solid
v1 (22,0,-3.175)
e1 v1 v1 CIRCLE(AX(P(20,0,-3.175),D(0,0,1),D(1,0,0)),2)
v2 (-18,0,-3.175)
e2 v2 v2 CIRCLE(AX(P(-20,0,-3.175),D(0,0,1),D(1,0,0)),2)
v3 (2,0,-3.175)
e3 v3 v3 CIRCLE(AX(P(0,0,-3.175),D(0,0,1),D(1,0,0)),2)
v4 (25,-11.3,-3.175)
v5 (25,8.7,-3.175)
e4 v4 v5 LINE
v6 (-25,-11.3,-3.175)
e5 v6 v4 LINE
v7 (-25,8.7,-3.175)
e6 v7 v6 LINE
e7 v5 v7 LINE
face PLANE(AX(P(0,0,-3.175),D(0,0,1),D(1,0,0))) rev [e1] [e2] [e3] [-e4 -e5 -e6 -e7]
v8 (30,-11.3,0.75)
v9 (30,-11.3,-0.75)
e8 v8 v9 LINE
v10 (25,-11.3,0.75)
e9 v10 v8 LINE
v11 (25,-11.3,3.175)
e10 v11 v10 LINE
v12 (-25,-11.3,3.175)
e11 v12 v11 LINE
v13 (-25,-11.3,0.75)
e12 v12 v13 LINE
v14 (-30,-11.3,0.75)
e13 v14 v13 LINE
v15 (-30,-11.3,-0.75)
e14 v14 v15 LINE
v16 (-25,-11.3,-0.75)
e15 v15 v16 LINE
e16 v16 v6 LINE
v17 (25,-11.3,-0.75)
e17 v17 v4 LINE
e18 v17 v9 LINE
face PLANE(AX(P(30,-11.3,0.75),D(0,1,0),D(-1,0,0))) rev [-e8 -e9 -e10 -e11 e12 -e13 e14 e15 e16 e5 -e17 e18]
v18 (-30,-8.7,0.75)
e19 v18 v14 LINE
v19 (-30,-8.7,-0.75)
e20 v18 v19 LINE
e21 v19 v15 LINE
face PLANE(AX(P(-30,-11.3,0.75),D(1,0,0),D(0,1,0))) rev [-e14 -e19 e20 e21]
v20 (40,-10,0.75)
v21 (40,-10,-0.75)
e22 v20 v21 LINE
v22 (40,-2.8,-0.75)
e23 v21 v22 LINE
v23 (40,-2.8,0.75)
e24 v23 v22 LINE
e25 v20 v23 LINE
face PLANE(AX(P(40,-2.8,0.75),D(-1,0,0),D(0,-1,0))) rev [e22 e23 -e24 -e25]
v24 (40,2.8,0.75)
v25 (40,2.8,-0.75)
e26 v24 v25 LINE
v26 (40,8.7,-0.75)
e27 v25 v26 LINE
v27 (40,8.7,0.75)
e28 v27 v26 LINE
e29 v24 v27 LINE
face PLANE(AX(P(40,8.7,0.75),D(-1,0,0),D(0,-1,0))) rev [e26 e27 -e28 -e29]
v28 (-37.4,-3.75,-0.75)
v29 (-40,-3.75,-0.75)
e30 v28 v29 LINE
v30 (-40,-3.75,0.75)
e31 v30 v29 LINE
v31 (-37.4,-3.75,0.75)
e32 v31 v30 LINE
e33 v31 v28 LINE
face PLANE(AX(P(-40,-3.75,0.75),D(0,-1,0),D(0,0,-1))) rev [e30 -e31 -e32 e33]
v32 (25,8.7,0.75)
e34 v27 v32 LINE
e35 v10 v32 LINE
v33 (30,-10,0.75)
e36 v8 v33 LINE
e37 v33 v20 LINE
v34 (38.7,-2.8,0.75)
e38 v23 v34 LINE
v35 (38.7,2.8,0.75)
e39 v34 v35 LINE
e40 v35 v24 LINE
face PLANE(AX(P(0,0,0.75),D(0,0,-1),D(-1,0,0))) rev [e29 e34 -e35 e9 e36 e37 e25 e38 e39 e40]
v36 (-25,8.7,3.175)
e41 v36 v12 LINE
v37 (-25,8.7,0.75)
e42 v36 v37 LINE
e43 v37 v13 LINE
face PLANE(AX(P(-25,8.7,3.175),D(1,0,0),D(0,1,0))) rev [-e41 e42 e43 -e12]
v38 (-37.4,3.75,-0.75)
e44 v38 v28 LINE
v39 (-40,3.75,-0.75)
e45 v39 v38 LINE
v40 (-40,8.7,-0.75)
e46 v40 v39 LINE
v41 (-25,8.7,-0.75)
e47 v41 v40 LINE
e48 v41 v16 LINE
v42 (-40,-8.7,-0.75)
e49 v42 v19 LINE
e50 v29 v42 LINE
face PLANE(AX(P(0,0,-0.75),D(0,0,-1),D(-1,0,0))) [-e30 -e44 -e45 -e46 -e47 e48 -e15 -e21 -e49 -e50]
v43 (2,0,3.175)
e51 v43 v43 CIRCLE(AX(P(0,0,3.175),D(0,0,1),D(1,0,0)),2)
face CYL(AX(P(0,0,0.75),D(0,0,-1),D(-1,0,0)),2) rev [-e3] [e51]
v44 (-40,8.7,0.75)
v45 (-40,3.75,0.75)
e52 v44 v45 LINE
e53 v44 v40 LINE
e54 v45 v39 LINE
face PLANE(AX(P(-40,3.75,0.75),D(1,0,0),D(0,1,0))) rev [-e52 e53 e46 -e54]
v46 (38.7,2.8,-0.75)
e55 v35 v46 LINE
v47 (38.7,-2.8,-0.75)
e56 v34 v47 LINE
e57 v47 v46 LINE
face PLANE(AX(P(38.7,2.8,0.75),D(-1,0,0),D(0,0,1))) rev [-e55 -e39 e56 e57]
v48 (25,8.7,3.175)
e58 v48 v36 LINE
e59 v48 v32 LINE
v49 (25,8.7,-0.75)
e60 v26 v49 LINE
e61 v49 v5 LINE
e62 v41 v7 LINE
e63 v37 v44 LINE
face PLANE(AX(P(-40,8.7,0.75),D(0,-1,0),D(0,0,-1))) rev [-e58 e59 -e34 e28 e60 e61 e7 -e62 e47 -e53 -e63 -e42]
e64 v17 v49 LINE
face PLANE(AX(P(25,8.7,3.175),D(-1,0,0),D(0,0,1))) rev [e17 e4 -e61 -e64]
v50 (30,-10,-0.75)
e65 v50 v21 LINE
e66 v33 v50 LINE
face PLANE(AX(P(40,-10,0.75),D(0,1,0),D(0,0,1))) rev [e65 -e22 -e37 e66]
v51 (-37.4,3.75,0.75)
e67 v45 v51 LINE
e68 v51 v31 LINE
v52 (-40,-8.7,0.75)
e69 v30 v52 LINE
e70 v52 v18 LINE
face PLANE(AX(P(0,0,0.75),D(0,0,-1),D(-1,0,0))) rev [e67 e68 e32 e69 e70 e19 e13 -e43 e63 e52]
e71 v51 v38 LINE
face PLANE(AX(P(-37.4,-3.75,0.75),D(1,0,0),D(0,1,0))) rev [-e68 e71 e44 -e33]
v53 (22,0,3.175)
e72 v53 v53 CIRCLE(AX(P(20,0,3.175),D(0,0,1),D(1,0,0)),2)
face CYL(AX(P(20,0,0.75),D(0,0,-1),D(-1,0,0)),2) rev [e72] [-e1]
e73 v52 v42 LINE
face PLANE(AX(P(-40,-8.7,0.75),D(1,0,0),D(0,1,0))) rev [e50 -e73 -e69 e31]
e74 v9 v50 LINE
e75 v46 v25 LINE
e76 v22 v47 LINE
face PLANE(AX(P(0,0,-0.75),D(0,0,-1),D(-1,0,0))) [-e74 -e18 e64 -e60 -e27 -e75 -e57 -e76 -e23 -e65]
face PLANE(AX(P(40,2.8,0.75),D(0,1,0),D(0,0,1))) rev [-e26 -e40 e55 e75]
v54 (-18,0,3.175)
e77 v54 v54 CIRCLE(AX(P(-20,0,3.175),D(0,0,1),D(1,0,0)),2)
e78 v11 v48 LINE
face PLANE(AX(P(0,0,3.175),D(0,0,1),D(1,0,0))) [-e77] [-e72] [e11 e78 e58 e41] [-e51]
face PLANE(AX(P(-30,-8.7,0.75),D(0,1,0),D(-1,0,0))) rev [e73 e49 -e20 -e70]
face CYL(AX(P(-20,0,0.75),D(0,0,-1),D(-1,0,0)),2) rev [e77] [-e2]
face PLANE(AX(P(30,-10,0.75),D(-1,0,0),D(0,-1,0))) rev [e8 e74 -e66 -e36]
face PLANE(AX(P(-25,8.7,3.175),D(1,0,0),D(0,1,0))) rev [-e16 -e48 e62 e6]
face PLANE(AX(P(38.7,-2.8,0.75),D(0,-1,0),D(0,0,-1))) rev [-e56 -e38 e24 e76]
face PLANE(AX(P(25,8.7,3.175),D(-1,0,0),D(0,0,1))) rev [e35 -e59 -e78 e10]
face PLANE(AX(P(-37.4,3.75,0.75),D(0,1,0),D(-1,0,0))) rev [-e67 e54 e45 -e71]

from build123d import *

# Parameters (mm, degrees)
CROQUIS1_R              = 2
SALIENTE_EXTRUIR1_DEPTH = 0.75
CROQUIS2_W              = 50
CROQUIS2_H              = 20
CROQUIS2_R              = 2
SALIENTE_EXTRUIR2_DEPTH = 3.175


with BuildPart() as part:
    # Croquis1 → Saliente-Extruir1 (new, symmetric)
    with BuildSketch(Plane.XY):
        Polygon((-40, 8.7), (40, 8.7), (40, 2.8), (38.7, 2.8), (38.7, -2.8), (40, -2.8), (40, -10), (30, -10), (30, -11.3), (-30, -11.3), (-30, -8.7), (-40, -8.7), (-40, -3.75), (-37.4, -3.75), (-37.4, 3.75), (-40, 3.75), align=None)
        with Locations((20, 0)):
            Circle(CROQUIS1_R, mode=Mode.SUBTRACT)
        Circle(CROQUIS1_R, mode=Mode.SUBTRACT)
        with Locations((-20, 0)):
            Circle(CROQUIS1_R, mode=Mode.SUBTRACT)
    extrude(amount=SALIENTE_EXTRUIR1_DEPTH, both=True)

    # Croquis2 → Saliente-Extruir2 (add, symmetric)
    with BuildSketch(Plane.XY):
        with Locations((0, -1.3)):
            Rectangle(CROQUIS2_W, CROQUIS2_H)
        with Locations((-20, 0)):
            Circle(CROQUIS2_R, mode=Mode.SUBTRACT)
        Circle(CROQUIS2_R, mode=Mode.SUBTRACT)
        with Locations((20, 0)):
            Circle(CROQUIS2_R, mode=Mode.SUBTRACT)
    extrude(amount=SALIENTE_EXTRUIR2_DEPTH, both=True)


solid = part.part
